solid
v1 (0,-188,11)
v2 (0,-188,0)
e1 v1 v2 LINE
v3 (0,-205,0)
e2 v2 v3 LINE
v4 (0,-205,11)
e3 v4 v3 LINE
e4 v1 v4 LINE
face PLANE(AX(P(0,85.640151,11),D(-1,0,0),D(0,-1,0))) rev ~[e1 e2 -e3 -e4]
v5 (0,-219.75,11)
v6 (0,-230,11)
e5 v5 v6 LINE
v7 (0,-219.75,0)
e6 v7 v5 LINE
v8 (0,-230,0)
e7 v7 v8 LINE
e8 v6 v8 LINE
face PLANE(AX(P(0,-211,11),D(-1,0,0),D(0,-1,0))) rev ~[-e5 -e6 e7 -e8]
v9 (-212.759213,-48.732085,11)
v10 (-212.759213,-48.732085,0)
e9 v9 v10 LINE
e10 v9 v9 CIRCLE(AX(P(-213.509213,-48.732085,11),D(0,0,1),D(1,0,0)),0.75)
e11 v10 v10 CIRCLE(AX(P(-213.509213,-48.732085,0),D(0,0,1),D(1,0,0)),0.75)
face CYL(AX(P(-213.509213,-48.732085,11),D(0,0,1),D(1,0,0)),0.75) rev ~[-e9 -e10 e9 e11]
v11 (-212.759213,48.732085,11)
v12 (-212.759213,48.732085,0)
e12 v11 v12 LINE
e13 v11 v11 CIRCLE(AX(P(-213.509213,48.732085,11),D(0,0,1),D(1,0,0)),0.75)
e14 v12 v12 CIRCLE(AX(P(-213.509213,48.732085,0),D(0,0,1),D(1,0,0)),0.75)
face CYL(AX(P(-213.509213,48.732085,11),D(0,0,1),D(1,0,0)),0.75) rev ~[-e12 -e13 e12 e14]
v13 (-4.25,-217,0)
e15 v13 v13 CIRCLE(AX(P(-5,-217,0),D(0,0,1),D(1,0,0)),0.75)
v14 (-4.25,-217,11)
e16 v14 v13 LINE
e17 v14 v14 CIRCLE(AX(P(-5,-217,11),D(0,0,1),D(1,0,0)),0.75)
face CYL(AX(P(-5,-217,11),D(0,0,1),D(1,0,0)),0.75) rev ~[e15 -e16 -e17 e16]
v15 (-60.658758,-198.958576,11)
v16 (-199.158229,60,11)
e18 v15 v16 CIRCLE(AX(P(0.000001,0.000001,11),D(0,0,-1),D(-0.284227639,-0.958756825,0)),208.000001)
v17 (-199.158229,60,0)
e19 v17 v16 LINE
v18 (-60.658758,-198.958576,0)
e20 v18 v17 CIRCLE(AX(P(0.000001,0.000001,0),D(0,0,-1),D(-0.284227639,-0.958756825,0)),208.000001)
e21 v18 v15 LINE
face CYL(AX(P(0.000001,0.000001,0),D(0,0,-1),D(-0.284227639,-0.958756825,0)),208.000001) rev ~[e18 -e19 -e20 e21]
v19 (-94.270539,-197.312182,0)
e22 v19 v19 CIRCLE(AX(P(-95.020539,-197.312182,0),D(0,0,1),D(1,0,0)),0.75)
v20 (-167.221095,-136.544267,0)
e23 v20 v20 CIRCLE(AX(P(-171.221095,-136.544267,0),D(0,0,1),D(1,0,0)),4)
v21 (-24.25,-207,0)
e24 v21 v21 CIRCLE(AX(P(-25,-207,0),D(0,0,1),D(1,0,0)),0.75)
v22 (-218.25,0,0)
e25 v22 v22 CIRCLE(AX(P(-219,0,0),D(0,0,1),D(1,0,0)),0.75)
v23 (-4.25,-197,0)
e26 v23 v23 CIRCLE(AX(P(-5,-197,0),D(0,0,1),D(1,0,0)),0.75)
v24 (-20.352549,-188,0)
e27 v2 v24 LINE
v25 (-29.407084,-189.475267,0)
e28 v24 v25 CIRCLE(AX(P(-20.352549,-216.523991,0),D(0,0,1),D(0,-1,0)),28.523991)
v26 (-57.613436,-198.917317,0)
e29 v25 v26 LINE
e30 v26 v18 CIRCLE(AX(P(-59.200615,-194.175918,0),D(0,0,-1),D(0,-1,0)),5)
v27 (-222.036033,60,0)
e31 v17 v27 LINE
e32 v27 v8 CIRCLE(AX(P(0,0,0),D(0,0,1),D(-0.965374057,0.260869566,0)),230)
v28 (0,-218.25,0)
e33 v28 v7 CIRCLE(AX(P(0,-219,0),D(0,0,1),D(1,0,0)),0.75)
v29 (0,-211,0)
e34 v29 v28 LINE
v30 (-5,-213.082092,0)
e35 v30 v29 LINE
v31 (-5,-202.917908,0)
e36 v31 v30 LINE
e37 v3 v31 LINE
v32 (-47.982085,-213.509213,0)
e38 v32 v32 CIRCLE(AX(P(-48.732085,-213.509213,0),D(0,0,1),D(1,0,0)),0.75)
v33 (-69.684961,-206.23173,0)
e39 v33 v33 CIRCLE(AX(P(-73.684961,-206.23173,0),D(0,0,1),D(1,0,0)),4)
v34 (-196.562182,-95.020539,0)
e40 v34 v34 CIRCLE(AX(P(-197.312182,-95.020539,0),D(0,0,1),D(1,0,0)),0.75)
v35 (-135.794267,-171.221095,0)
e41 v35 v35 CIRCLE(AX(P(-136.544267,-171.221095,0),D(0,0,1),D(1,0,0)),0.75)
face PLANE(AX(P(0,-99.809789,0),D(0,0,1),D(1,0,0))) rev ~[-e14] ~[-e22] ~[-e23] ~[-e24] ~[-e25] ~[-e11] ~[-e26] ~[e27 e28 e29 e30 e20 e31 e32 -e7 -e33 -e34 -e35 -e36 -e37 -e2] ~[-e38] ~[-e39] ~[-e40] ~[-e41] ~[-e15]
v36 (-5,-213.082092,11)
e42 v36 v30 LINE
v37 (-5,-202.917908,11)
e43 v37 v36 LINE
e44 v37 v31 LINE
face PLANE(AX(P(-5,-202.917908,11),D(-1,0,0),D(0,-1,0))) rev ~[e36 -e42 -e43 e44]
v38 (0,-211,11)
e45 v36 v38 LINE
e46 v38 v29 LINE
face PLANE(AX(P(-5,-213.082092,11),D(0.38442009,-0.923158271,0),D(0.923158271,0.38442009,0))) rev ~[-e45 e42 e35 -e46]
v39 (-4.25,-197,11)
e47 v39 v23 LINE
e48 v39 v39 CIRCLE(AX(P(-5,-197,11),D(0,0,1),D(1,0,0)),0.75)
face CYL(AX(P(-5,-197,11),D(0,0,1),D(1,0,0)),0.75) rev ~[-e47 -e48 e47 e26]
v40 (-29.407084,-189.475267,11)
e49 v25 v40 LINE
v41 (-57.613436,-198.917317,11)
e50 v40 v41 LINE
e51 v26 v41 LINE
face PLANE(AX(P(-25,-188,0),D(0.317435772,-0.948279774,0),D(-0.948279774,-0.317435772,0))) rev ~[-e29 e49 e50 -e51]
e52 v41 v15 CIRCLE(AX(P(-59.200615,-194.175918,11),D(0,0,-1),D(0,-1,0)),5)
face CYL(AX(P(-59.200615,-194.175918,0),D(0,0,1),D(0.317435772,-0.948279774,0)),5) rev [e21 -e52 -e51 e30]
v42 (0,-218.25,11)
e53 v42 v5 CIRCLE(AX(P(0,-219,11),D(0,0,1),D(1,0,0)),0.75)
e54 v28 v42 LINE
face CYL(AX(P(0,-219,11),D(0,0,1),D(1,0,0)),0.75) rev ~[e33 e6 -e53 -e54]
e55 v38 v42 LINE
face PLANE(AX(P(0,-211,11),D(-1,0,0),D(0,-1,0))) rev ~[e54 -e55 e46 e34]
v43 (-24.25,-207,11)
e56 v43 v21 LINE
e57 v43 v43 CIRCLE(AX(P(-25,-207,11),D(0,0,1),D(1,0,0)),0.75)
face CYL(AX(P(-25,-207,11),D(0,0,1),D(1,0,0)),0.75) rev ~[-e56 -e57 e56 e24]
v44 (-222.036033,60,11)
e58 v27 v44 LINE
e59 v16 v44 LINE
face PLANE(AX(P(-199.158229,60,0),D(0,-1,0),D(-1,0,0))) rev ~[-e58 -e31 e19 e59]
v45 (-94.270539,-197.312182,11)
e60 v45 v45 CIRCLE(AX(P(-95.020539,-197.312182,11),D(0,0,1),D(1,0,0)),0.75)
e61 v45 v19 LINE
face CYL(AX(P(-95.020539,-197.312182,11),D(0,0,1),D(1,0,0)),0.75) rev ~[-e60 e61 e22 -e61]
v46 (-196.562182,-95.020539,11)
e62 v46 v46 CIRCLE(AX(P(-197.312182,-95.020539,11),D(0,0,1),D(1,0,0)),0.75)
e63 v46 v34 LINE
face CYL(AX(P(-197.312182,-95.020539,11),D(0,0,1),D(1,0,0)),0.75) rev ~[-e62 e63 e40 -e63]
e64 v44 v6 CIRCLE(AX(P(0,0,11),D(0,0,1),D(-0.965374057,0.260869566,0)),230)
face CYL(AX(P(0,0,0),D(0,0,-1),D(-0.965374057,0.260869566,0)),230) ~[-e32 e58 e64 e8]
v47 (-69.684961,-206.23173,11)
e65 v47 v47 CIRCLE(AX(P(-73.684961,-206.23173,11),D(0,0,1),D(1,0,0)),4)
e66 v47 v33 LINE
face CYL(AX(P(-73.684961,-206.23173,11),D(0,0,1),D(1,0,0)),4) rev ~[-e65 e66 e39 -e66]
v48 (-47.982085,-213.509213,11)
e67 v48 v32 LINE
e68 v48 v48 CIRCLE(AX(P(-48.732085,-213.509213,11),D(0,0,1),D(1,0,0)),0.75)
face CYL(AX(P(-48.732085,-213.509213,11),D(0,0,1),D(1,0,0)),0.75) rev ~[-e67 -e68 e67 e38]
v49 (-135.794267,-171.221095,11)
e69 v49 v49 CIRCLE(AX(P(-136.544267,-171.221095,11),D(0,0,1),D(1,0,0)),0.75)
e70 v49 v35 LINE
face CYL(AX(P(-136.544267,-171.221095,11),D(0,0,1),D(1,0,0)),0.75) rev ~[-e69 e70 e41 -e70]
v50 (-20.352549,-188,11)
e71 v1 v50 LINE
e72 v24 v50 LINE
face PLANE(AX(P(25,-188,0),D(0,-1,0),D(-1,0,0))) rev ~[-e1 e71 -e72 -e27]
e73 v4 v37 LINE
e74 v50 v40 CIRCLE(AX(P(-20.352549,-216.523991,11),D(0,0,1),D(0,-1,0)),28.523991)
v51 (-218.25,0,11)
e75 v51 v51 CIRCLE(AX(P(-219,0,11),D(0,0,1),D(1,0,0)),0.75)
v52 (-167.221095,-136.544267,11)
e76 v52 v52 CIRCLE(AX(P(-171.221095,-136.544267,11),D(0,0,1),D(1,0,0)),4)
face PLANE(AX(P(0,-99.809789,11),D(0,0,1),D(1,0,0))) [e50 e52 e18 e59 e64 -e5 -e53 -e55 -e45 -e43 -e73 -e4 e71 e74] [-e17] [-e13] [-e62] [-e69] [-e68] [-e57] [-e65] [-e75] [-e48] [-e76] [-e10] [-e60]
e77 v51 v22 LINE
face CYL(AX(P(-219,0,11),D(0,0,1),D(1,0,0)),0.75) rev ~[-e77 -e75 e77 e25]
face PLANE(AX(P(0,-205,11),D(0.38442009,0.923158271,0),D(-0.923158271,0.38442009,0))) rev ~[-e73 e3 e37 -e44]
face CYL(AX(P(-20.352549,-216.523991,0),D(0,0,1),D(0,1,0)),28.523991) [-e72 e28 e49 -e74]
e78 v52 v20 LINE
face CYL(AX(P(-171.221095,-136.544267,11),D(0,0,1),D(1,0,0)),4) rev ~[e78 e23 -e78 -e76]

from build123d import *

# Parameters (mm, degrees)
F1_DEPTH  = 11
F2_R      = 28.523991
F3_R      = 5
F5_R      = 0.75
F5_R_2    = 4
F6_DEPTH  = 11.001
F7_R      = 4
F8_DEPTH  = 11.001
F10_DEPTH = 11.001


with BuildPart() as f1:
    # F0 (on Top) → F1 (new body)
    with BuildSketch(Plane.XY):
        with BuildLine():
            ThreePointArc((-59.119348, -199.42142), (-183.034682, -98.804378), (-199.158229, 60))
            Line((-199.158229, 60), (-222.036033, 60))
            ThreePointArc((-222.036033, 60), (0, -230), (222.036033, 60))
            Line((222.036033, 60), (199.158229, 60))
            ThreePointArc((199.158229, 60), (183.034682, -98.804378), (59.119348, -199.42142))
            Line((59.119348, -199.42142), (25, -188))
            Line((25, -188), (0, -188))
            Line((0, -188), (-25, -188))
            Line((-25, -188), (-59.119348, -199.42142))
        make_face()
    extrude(amount=F1_DEPTH)

    # F2
    f2_edges = [f1.edges().sort_by_distance(p)[0] for p in [
        (25, -188, 5.5),
        (-25, -188, 5.5),
    ]]
    fillet(f2_edges, radius=F2_R)

    # F3
    f3_edges = [f1.edges().sort_by_distance(p)[0] for p in [
        (59.119348, -199.42142, 5.5),
        (-59.119348, -199.42142, 5.5),
    ]]
    fillet(f3_edges, radius=F3_R)

    # F5 (on face) → F6 (cut, through all)
    with BuildSketch(Plane.XY.offset(11)):
        with Locations((0, -219)):
            Circle(F5_R)
        with Locations((48.732085, -213.509213)):
            Circle(F5_R)
        with Locations((95.020539, -197.312182)):
            Circle(F5_R)
        with Locations((136.544267, -171.221095)):
            Circle(F5_R)
        with Locations((171.221095, -136.544267)):
            Circle(F5_R)
        with Locations((197.312182, -95.020539)):
            Circle(F5_R)
        with Locations((213.509213, -48.732085)):
            Circle(F5_R)
        with Locations((219, 0)):
            Circle(F5_R)
        with Locations((213.509213, 48.732085)):
            Circle(F5_R)
        with Locations((197.312182, 95.020539)):
            Circle(F5_R)
        with Locations((171.221095, 136.544267)):
            Circle(F5_R)
        with Locations((136.544267, 171.221095)):
            Circle(F5_R)
        with Locations((95.020539, 197.312182)):
            Circle(F5_R)
        with Locations((48.732085, 213.509213)):
            Circle(F5_R)
        with Locations((0, 219)):
            Circle(F5_R)
        with Locations((-48.732085, 213.509213)):
            Circle(F5_R)
        with Locations((-95.020539, 197.312182)):
            Circle(F5_R)
        with Locations((-136.544267, 171.221095)):
            Circle(F5_R)
        with Locations((-171.221095, 136.544267)):
            Circle(F5_R)
        with Locations((-197.312182, 95.020539)):
            Circle(F5_R)
        with Locations((-213.509213, 48.732085)):
            Circle(F5_R)
        with Locations((-219, 0)):
            Circle(F5_R)
        with Locations((-213.509213, -48.732085)):
            Circle(F5_R)
        with Locations((-197.312182, -95.020539)):
            Circle(F5_R)
        with Locations((-171.221095, -136.544267)):
            Circle(F5_R)
        with Locations((-136.544267, -171.221095)):
            Circle(F5_R)
        with Locations((-95.020539, -197.312182)):
            Circle(F5_R)
        with Locations((-48.732085, -213.509213)):
            Circle(F5_R)
        with Locations((-5, -197)):
            Circle(F5_R)
        with Locations((5, -197)):
            Circle(F5_R)
        with Locations((0, -208)):
            Circle(F5_R)
        with Locations((-5, -217)):
            Circle(F5_R)
        with Locations((-25, -207)):
            Circle(F5_R)
        with Locations((5, -217)):
            Circle(F5_R)
        with Locations((25, -207)):
            Circle(F5_R)
        with Locations((-73.684961, -206.23173)):
            Circle(F5_R_2)
    extrude(amount=-F6_DEPTH, mode=Mode.SUBTRACT)

    # F7 (on face) → F8 (cut, through all)
    with BuildSketch(Plane.XY.offset(11)):
        with Locations((-171.221095, -136.544267)):
            Circle(F7_R)
        with Locations((171.221095, -136.544267)):
            Circle(F7_R)
    extrude(amount=-F8_DEPTH, mode=Mode.SUBTRACT)

    # F9 (on face) → F10 (cut, through all)
    with BuildSketch(Plane.XY.offset(11)):
        Polygon((0, 85.640151), (0, -188), (0, -205), (-5, -202.917908), (-5, -213.082092), (0, -211), (0, -251.474887), (263.787508, -251.474887), (263.787508, 85.640151), align=None)
    extrude(amount=-F10_DEPTH, mode=Mode.SUBTRACT)


solid = f1.part
